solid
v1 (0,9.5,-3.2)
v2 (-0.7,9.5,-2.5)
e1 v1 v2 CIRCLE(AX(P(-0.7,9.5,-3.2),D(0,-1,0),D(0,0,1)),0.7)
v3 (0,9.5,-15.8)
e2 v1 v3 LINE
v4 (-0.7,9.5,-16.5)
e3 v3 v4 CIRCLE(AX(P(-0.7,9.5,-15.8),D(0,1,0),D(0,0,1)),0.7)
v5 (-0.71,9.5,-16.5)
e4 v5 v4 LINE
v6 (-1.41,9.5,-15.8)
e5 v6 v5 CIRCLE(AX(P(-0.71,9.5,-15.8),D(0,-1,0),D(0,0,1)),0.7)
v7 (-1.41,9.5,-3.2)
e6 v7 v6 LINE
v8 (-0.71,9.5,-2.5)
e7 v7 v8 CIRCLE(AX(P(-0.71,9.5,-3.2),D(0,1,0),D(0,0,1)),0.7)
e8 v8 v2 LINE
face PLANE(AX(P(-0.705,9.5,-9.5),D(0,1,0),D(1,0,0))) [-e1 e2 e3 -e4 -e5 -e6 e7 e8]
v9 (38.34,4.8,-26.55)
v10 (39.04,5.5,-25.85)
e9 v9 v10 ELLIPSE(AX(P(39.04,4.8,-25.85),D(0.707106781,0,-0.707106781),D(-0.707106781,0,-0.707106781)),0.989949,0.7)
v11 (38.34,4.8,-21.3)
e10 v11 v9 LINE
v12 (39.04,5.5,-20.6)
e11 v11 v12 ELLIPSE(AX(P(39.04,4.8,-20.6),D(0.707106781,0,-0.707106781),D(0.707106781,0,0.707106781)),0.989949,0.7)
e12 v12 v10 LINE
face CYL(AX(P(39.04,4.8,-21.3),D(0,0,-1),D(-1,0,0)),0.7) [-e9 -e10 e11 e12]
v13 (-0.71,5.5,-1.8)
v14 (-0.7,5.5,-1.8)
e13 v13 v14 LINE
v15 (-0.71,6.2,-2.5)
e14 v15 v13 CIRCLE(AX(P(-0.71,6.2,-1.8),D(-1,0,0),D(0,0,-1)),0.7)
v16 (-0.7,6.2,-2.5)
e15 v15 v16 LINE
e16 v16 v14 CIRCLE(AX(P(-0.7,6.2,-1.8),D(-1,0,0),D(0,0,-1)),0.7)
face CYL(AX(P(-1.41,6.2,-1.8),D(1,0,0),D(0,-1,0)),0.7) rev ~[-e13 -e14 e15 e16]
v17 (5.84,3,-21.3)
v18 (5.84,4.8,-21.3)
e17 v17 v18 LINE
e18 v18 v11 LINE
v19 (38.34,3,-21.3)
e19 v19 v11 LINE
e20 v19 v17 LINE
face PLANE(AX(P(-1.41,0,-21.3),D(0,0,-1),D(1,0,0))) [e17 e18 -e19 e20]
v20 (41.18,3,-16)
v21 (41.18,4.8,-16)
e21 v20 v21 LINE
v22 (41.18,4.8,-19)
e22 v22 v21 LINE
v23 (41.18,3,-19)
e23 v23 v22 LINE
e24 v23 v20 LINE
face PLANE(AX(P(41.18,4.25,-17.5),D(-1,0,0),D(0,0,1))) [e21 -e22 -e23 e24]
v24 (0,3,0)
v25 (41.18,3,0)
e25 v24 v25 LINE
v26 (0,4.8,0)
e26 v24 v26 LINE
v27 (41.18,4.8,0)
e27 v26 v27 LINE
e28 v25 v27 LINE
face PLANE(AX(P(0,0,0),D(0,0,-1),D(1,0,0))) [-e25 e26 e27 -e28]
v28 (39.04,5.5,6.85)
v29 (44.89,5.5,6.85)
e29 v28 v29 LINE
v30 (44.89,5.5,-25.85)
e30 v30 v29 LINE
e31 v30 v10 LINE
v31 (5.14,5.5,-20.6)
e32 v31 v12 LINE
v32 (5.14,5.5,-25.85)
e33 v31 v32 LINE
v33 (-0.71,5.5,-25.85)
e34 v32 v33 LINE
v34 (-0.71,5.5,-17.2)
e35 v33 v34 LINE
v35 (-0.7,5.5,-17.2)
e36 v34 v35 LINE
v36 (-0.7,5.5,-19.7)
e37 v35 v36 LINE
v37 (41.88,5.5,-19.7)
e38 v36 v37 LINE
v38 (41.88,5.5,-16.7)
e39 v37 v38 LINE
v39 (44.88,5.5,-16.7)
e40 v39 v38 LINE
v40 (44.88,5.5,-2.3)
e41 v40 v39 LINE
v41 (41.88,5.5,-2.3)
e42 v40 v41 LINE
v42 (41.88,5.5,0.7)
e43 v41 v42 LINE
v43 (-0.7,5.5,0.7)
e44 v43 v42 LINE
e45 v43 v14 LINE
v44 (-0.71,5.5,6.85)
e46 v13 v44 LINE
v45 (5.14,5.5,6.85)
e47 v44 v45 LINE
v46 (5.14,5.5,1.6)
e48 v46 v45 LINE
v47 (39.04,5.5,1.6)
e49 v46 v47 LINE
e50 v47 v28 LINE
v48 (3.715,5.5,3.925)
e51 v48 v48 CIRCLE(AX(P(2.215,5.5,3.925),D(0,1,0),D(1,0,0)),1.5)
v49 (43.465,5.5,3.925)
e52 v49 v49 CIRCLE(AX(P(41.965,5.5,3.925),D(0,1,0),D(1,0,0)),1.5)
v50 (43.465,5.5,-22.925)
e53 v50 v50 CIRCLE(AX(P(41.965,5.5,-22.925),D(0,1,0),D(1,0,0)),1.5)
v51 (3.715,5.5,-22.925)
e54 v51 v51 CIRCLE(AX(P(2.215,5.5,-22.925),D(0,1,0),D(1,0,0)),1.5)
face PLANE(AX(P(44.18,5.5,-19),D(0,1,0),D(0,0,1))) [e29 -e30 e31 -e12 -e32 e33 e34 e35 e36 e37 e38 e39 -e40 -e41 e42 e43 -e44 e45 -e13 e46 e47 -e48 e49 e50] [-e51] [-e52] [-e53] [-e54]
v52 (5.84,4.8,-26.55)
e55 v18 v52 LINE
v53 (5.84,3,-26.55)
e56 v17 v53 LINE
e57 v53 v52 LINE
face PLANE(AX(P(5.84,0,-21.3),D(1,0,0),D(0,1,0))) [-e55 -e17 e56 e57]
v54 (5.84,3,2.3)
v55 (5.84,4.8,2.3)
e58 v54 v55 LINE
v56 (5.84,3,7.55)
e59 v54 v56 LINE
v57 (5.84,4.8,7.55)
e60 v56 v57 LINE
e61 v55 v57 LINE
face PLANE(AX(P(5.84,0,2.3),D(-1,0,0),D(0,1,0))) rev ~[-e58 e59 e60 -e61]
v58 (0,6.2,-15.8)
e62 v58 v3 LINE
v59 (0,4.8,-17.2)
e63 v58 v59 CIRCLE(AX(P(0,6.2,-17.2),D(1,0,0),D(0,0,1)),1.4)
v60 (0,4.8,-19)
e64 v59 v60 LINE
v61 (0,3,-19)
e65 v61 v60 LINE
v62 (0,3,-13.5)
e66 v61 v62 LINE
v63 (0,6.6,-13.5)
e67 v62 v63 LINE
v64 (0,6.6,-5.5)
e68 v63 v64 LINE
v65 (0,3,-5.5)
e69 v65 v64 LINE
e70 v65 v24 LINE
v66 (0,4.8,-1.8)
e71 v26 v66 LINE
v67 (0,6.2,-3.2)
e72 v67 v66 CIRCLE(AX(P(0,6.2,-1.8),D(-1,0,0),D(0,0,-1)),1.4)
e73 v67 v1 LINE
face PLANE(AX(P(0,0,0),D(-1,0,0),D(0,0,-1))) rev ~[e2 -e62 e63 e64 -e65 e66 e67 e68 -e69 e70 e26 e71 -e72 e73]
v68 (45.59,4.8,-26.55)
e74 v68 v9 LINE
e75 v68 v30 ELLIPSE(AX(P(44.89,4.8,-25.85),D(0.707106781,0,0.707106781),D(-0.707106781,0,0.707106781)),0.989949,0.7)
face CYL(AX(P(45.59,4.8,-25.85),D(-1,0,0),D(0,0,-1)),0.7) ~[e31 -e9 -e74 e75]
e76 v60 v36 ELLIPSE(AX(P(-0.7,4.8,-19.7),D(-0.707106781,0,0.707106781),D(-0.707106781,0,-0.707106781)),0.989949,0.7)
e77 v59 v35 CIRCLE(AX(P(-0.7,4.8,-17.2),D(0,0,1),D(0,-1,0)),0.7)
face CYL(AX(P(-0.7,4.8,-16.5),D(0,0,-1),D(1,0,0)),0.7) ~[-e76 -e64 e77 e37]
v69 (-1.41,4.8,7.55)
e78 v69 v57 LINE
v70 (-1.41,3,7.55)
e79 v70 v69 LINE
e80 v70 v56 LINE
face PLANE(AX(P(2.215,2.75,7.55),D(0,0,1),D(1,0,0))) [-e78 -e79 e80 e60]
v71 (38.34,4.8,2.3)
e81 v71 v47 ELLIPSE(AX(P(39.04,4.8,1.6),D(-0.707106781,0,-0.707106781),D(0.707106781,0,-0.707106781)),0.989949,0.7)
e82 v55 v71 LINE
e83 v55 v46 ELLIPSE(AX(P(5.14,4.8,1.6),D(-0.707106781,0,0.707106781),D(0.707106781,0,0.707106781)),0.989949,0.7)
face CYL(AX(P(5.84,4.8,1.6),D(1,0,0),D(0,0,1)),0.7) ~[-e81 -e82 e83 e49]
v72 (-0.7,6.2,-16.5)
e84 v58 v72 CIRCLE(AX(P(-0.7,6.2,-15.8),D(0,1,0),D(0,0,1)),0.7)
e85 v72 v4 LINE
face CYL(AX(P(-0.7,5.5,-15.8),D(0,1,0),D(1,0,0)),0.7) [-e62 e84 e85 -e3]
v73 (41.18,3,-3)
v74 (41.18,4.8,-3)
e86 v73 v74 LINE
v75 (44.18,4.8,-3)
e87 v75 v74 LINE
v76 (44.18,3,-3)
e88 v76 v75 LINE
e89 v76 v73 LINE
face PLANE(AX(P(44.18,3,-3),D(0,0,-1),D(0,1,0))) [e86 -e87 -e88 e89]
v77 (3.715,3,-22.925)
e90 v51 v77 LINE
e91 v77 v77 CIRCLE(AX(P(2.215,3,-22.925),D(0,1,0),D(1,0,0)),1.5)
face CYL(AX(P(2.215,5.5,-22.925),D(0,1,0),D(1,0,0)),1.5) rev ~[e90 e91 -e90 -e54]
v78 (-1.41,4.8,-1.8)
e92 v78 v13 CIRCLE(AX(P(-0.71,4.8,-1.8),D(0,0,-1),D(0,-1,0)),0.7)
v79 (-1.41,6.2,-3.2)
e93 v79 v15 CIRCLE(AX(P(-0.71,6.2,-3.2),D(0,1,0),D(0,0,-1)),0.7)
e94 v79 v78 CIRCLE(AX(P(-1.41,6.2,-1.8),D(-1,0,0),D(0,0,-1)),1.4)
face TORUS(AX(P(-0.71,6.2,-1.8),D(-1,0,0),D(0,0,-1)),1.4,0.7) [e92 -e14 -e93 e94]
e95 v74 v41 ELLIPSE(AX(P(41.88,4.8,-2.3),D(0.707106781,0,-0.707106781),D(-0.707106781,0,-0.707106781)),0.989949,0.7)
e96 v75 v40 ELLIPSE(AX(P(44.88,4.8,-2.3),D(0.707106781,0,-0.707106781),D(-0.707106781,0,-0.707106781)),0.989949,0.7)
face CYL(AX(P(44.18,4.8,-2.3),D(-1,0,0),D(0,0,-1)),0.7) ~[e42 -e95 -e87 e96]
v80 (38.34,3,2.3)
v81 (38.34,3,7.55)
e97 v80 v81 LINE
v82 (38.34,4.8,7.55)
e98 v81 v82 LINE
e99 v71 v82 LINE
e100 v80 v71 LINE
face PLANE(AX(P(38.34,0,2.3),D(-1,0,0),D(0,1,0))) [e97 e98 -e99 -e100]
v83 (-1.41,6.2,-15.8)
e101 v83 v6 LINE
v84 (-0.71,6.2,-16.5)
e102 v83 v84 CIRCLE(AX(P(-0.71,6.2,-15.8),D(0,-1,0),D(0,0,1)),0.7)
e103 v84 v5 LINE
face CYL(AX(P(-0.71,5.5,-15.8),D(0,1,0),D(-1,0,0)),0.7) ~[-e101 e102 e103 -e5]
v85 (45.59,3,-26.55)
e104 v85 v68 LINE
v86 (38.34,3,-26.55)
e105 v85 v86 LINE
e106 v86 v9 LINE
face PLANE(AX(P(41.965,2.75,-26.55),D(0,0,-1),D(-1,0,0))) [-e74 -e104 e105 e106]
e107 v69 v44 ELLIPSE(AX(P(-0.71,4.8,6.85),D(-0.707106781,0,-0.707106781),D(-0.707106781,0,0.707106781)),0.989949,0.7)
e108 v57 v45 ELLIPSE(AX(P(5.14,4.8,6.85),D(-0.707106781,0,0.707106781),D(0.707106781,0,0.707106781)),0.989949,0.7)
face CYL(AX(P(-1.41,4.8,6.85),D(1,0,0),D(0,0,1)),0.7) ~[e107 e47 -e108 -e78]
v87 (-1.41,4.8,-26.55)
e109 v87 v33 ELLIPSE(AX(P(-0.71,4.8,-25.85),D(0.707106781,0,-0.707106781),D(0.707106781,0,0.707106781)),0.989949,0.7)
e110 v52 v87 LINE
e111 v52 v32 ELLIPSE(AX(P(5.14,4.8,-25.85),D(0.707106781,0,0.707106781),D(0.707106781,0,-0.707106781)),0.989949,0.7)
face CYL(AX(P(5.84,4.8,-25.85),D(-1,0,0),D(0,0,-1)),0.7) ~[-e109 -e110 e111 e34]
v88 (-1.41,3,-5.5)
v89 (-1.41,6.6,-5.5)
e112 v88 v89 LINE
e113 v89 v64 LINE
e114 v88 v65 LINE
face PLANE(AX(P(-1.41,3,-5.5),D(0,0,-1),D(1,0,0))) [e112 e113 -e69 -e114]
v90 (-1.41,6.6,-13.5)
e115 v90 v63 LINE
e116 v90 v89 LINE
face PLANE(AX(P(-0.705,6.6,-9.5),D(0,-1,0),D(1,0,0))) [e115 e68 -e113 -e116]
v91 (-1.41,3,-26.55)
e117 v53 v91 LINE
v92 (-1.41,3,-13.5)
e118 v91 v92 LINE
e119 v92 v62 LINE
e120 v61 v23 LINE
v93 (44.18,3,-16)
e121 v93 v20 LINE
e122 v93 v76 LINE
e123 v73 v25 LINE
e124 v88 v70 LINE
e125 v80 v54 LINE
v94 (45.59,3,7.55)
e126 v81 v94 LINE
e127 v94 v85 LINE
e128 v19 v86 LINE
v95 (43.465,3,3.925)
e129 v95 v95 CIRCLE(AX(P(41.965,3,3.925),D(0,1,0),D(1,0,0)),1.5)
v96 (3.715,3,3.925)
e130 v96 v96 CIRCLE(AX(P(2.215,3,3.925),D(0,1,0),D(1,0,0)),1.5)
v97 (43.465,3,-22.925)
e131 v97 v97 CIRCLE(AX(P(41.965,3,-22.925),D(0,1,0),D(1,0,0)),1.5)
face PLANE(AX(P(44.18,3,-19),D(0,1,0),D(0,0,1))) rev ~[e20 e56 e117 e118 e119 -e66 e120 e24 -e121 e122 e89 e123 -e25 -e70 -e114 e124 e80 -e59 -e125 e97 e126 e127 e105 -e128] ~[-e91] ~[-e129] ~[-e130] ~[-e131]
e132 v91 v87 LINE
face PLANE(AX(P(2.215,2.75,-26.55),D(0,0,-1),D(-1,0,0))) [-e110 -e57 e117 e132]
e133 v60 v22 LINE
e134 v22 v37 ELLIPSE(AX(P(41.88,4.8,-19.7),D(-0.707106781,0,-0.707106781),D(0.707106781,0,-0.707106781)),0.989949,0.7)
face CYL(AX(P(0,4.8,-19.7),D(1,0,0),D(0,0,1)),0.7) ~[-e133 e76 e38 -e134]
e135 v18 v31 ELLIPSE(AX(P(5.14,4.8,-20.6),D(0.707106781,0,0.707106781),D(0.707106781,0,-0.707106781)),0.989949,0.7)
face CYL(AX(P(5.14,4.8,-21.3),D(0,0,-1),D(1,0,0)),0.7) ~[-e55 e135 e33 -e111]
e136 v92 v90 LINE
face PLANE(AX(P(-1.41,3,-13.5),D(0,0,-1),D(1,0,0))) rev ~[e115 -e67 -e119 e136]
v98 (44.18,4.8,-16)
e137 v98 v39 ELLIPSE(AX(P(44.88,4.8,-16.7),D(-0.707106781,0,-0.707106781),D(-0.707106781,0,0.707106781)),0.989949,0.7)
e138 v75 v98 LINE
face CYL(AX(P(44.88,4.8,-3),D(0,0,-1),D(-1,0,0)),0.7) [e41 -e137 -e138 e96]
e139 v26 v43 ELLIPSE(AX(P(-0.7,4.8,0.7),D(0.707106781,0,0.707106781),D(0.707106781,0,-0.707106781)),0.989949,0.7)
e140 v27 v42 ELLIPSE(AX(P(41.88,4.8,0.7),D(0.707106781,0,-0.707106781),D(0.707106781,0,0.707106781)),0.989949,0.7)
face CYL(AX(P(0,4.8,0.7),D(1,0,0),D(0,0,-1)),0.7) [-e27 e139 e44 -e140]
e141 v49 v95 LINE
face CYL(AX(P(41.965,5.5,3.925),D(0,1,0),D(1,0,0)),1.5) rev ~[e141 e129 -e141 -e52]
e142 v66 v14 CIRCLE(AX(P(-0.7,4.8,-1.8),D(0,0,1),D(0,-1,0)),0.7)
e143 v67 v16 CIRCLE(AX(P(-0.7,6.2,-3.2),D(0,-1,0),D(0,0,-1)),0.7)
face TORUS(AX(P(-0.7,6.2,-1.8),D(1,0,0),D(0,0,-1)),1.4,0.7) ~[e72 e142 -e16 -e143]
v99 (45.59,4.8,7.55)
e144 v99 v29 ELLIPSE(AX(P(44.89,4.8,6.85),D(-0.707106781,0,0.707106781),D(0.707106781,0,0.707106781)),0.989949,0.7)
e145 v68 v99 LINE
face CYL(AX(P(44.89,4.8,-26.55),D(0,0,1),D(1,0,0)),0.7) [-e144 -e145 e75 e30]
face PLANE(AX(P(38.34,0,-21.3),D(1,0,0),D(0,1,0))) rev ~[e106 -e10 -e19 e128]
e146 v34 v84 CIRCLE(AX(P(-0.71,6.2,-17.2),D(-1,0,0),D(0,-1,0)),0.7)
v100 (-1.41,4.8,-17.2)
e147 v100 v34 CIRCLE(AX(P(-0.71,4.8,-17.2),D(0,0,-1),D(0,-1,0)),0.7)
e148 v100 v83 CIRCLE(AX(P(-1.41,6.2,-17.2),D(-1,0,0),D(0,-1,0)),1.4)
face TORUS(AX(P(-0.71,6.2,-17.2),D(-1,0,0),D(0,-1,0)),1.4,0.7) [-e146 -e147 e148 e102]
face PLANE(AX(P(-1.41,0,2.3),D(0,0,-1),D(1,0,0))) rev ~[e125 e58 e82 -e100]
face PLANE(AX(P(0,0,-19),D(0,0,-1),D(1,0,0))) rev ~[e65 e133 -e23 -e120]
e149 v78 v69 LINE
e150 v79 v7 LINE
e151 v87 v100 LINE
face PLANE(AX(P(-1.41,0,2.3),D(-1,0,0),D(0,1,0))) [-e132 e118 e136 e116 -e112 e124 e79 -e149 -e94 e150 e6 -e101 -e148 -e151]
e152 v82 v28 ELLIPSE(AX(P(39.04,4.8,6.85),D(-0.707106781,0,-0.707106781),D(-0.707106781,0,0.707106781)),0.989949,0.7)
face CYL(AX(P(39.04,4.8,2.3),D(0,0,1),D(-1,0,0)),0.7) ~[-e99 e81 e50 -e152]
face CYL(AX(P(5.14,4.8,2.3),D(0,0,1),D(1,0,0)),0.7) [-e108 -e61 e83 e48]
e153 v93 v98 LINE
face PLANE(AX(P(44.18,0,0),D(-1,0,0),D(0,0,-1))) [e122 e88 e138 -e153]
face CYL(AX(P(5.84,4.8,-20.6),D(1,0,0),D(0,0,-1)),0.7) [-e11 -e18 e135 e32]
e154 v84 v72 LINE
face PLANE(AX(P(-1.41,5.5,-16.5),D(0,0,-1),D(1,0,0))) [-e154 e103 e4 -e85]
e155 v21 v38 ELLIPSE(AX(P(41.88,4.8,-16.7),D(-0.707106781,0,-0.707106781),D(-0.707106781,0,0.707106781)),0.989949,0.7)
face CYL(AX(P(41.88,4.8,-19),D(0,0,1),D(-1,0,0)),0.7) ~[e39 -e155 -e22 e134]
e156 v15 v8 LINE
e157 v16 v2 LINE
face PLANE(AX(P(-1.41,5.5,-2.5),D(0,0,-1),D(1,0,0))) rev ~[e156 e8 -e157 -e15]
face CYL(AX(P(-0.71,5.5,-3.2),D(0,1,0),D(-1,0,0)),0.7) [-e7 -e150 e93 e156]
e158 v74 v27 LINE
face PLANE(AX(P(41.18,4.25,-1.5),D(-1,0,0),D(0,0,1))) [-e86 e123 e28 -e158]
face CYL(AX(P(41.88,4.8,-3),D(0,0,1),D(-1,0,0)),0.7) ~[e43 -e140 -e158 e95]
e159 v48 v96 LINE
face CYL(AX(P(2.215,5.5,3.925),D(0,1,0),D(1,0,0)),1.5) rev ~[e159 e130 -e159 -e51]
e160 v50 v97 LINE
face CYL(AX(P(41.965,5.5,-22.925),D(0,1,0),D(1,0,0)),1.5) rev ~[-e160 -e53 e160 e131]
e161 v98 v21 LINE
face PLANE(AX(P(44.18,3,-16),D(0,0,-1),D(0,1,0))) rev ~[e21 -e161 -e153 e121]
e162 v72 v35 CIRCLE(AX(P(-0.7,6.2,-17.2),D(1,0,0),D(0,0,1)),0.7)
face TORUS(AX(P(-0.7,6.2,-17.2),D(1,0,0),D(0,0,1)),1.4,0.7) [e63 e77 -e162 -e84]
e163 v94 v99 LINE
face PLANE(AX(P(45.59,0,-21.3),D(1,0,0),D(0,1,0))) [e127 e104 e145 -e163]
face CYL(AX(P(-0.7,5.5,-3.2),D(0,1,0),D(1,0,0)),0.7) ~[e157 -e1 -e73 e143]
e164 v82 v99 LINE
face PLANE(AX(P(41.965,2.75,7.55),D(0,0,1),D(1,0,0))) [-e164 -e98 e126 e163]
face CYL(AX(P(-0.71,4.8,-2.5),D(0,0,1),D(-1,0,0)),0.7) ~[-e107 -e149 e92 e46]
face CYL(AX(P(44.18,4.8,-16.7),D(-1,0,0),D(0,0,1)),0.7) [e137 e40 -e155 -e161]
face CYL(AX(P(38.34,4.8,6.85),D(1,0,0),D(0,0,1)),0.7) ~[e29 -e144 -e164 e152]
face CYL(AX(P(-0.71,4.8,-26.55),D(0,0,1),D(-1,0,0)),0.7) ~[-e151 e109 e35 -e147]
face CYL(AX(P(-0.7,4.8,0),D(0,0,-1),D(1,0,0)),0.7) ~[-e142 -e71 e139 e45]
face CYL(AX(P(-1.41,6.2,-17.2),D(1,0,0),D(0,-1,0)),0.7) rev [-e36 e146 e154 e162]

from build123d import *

# Parameters (mm, degrees)
SKETCH1_W           = 47
SKETCH1_H           = 23.6
SKETCH1_W_2         = 44.18
SKETCH1_H_2         = 19
BOSS_EXTRUDE1_DEPTH = 5.5
SKETCH3_W           = 44.18
SKETCH3_H           = 19
BOSS_EXTRUDE2_DEPTH = 3
SKETCH6_W           = 7.25
SKETCH6_H           = 5.5
BOSS_EXTRUDE3_DEPTH = 5.25
SKETCH7_W           = 7.25
SKETCH7_H           = 5.5
BOSS_EXTRUDE4_DEPTH = 5.25
SKETCH8_R           = 1.5
CUT_EXTRUDE2_DEPTH  = 6.5
SKETCH9_W           = 51.734881385
SKETCH9_H           = 36.74917656
CUT_EXTRUDE3_DEPTH  = 3
SKETCH10_W          = 1.41
SKETCH10_H          = 14
BOSS_EXTRUDE5_DEPTH = 4
SKETCH11_W          = 3
SKETCH11_H          = 2.5
BOSS_EXTRUDE6_DEPTH = 3
SKETCH12_W          = 1.41
SKETCH12_H          = 8
CUT_EXTRUDE4_DEPTH  = 3.6
FILLET1_R           = 0.7


with BuildPart() as part:
    # Sketch1 → Boss-Extrude1 (new body)
    with BuildSketch(Plane(origin=(0, 0, 0), x_dir=(1, 0, 0), z_dir=(0, 1, 0))):
        with Locations((22.09, 9.5)):
            Rectangle(SKETCH1_W, SKETCH1_H)
        with Locations((22.09, 9.5)):
            Rectangle(SKETCH1_W_2, SKETCH1_H_2, mode=Mode.SUBTRACT)
    extrude(amount=BOSS_EXTRUDE1_DEPTH)

    # Sketch3 → Boss-Extrude2 (add)
    with BuildSketch(Plane.XZ):
        with Locations((22.09, -9.5)):
            Rectangle(SKETCH3_W, SKETCH3_H)
    extrude(amount=-BOSS_EXTRUDE2_DEPTH)

    # Sketch6 → Boss-Extrude3 (add)
    with BuildSketch(Plane.XY.offset(2.3)):
        with Locations((2.215, 2.75)):
            Rectangle(SKETCH6_W, SKETCH6_H)
        with Locations((41.965, 2.75)):
            Rectangle(SKETCH6_W, SKETCH6_H)
    extrude(amount=BOSS_EXTRUDE3_DEPTH)

    # Sketch7 → Boss-Extrude4 (add)
    with BuildSketch(Plane(origin=(0, 0, -21.3), x_dir=(-1, 0, 0), z_dir=(0, 0, -1))):
        with Locations((-41.965, 2.75)):
            Rectangle(SKETCH7_W, SKETCH7_H)
        with Locations((-2.215, 2.75)):
            Rectangle(SKETCH7_W, SKETCH7_H)
    extrude(amount=BOSS_EXTRUDE4_DEPTH)

    # Sketch8 → Cut-Extrude2 (cut, through all)
    with BuildSketch(Plane(origin=(0, 5.5, 0), x_dir=(1, 0, 0), z_dir=(0, 1, 0))):
        with Locations((41.965, 22.925)):
            Circle(SKETCH8_R)
        with Locations((41.965, -3.925)):
            Circle(SKETCH8_R)
        with Locations((2.215, -3.925)):
            Circle(SKETCH8_R)
        with Locations((2.215, 22.925)):
            Circle(SKETCH8_R)
    extrude(amount=-CUT_EXTRUDE2_DEPTH, mode=Mode.SUBTRACT)

    # Sketch9 → Cut-Extrude3 (cut)
    with BuildSketch(Plane.XZ):
        with Locations((23.178173587, -9.700906739)):
            Rectangle(SKETCH9_W, SKETCH9_H)
    extrude(amount=-CUT_EXTRUDE3_DEPTH, mode=Mode.SUBTRACT)

    # Sketch10 → Boss-Extrude5 (add)
    with BuildSketch(Plane(origin=(0, 5.5, 0), x_dir=(1, 0, 0), z_dir=(0, 1, 0))):
        with Locations((-0.705, 9.5)):
            Rectangle(SKETCH10_W, SKETCH10_H)
    extrude(amount=BOSS_EXTRUDE5_DEPTH)

    # Sketch11 → Boss-Extrude6 (add)
    with BuildSketch(Plane.ZY.offset(-44.18)):
        with Locations((-17.5, 4.25)):
            Rectangle(SKETCH11_W, SKETCH11_H)
        with Locations((-1.5, 4.25)):
            Rectangle(SKETCH11_W, SKETCH11_H)
    extrude(amount=BOSS_EXTRUDE6_DEPTH)

    # Sketch12 → Cut-Extrude4 (cut)
    with BuildSketch(Plane.XZ.offset(-3)):
        with Locations((-0.705, -9.5)):
            Rectangle(SKETCH12_W, SKETCH12_H)
    extrude(amount=-CUT_EXTRUDE4_DEPTH, mode=Mode.SUBTRACT)

    # Fillet1
    fillet1_edges = [part.edges().sort_by_distance(p)[0] for p in [
        (45.59, 5.5, -9.5),
        (0, 5.5, -17.75),
        (-1.41, 5.5, 2.525),
        (0, 5.5, -1.25),
        (20.59, 5.5, 0),
        (-1.41, 7.5, -16.5),
        (-0.705, 5.5, -2.5),
        (-1.41, 7.5, -2.5),
        (0, 7.5, -2.5),
        (-0.705, 5.5, -16.5),
        (0, 7.5, -16.5),
        (20.59, 5.5, -19),
        (42.68, 5.5, -16),
        (41.18, 5.5, -17.5),
        (44.18, 5.5, -9.5),
        (42.68, 5.5, -3),
        (41.18, 5.5, -1.5),
        (-1.41, 5.5, -21.525),
        (22.09, 5.5, 2.3),
        (5.84, 5.5, 4.925),
        (2.215, 5.5, 7.55),
        (38.34, 5.5, 4.925),
        (41.965, 5.5, 7.55),
        (22.09, 5.5, -21.3),
        (38.34, 5.5, -23.925),
        (41.965, 5.5, -26.55),
        (5.84, 5.5, -23.925),
        (2.215, 5.5, -26.55),
    ]]
    fillet(fillet1_edges, radius=FILLET1_R)


solid = part.part
